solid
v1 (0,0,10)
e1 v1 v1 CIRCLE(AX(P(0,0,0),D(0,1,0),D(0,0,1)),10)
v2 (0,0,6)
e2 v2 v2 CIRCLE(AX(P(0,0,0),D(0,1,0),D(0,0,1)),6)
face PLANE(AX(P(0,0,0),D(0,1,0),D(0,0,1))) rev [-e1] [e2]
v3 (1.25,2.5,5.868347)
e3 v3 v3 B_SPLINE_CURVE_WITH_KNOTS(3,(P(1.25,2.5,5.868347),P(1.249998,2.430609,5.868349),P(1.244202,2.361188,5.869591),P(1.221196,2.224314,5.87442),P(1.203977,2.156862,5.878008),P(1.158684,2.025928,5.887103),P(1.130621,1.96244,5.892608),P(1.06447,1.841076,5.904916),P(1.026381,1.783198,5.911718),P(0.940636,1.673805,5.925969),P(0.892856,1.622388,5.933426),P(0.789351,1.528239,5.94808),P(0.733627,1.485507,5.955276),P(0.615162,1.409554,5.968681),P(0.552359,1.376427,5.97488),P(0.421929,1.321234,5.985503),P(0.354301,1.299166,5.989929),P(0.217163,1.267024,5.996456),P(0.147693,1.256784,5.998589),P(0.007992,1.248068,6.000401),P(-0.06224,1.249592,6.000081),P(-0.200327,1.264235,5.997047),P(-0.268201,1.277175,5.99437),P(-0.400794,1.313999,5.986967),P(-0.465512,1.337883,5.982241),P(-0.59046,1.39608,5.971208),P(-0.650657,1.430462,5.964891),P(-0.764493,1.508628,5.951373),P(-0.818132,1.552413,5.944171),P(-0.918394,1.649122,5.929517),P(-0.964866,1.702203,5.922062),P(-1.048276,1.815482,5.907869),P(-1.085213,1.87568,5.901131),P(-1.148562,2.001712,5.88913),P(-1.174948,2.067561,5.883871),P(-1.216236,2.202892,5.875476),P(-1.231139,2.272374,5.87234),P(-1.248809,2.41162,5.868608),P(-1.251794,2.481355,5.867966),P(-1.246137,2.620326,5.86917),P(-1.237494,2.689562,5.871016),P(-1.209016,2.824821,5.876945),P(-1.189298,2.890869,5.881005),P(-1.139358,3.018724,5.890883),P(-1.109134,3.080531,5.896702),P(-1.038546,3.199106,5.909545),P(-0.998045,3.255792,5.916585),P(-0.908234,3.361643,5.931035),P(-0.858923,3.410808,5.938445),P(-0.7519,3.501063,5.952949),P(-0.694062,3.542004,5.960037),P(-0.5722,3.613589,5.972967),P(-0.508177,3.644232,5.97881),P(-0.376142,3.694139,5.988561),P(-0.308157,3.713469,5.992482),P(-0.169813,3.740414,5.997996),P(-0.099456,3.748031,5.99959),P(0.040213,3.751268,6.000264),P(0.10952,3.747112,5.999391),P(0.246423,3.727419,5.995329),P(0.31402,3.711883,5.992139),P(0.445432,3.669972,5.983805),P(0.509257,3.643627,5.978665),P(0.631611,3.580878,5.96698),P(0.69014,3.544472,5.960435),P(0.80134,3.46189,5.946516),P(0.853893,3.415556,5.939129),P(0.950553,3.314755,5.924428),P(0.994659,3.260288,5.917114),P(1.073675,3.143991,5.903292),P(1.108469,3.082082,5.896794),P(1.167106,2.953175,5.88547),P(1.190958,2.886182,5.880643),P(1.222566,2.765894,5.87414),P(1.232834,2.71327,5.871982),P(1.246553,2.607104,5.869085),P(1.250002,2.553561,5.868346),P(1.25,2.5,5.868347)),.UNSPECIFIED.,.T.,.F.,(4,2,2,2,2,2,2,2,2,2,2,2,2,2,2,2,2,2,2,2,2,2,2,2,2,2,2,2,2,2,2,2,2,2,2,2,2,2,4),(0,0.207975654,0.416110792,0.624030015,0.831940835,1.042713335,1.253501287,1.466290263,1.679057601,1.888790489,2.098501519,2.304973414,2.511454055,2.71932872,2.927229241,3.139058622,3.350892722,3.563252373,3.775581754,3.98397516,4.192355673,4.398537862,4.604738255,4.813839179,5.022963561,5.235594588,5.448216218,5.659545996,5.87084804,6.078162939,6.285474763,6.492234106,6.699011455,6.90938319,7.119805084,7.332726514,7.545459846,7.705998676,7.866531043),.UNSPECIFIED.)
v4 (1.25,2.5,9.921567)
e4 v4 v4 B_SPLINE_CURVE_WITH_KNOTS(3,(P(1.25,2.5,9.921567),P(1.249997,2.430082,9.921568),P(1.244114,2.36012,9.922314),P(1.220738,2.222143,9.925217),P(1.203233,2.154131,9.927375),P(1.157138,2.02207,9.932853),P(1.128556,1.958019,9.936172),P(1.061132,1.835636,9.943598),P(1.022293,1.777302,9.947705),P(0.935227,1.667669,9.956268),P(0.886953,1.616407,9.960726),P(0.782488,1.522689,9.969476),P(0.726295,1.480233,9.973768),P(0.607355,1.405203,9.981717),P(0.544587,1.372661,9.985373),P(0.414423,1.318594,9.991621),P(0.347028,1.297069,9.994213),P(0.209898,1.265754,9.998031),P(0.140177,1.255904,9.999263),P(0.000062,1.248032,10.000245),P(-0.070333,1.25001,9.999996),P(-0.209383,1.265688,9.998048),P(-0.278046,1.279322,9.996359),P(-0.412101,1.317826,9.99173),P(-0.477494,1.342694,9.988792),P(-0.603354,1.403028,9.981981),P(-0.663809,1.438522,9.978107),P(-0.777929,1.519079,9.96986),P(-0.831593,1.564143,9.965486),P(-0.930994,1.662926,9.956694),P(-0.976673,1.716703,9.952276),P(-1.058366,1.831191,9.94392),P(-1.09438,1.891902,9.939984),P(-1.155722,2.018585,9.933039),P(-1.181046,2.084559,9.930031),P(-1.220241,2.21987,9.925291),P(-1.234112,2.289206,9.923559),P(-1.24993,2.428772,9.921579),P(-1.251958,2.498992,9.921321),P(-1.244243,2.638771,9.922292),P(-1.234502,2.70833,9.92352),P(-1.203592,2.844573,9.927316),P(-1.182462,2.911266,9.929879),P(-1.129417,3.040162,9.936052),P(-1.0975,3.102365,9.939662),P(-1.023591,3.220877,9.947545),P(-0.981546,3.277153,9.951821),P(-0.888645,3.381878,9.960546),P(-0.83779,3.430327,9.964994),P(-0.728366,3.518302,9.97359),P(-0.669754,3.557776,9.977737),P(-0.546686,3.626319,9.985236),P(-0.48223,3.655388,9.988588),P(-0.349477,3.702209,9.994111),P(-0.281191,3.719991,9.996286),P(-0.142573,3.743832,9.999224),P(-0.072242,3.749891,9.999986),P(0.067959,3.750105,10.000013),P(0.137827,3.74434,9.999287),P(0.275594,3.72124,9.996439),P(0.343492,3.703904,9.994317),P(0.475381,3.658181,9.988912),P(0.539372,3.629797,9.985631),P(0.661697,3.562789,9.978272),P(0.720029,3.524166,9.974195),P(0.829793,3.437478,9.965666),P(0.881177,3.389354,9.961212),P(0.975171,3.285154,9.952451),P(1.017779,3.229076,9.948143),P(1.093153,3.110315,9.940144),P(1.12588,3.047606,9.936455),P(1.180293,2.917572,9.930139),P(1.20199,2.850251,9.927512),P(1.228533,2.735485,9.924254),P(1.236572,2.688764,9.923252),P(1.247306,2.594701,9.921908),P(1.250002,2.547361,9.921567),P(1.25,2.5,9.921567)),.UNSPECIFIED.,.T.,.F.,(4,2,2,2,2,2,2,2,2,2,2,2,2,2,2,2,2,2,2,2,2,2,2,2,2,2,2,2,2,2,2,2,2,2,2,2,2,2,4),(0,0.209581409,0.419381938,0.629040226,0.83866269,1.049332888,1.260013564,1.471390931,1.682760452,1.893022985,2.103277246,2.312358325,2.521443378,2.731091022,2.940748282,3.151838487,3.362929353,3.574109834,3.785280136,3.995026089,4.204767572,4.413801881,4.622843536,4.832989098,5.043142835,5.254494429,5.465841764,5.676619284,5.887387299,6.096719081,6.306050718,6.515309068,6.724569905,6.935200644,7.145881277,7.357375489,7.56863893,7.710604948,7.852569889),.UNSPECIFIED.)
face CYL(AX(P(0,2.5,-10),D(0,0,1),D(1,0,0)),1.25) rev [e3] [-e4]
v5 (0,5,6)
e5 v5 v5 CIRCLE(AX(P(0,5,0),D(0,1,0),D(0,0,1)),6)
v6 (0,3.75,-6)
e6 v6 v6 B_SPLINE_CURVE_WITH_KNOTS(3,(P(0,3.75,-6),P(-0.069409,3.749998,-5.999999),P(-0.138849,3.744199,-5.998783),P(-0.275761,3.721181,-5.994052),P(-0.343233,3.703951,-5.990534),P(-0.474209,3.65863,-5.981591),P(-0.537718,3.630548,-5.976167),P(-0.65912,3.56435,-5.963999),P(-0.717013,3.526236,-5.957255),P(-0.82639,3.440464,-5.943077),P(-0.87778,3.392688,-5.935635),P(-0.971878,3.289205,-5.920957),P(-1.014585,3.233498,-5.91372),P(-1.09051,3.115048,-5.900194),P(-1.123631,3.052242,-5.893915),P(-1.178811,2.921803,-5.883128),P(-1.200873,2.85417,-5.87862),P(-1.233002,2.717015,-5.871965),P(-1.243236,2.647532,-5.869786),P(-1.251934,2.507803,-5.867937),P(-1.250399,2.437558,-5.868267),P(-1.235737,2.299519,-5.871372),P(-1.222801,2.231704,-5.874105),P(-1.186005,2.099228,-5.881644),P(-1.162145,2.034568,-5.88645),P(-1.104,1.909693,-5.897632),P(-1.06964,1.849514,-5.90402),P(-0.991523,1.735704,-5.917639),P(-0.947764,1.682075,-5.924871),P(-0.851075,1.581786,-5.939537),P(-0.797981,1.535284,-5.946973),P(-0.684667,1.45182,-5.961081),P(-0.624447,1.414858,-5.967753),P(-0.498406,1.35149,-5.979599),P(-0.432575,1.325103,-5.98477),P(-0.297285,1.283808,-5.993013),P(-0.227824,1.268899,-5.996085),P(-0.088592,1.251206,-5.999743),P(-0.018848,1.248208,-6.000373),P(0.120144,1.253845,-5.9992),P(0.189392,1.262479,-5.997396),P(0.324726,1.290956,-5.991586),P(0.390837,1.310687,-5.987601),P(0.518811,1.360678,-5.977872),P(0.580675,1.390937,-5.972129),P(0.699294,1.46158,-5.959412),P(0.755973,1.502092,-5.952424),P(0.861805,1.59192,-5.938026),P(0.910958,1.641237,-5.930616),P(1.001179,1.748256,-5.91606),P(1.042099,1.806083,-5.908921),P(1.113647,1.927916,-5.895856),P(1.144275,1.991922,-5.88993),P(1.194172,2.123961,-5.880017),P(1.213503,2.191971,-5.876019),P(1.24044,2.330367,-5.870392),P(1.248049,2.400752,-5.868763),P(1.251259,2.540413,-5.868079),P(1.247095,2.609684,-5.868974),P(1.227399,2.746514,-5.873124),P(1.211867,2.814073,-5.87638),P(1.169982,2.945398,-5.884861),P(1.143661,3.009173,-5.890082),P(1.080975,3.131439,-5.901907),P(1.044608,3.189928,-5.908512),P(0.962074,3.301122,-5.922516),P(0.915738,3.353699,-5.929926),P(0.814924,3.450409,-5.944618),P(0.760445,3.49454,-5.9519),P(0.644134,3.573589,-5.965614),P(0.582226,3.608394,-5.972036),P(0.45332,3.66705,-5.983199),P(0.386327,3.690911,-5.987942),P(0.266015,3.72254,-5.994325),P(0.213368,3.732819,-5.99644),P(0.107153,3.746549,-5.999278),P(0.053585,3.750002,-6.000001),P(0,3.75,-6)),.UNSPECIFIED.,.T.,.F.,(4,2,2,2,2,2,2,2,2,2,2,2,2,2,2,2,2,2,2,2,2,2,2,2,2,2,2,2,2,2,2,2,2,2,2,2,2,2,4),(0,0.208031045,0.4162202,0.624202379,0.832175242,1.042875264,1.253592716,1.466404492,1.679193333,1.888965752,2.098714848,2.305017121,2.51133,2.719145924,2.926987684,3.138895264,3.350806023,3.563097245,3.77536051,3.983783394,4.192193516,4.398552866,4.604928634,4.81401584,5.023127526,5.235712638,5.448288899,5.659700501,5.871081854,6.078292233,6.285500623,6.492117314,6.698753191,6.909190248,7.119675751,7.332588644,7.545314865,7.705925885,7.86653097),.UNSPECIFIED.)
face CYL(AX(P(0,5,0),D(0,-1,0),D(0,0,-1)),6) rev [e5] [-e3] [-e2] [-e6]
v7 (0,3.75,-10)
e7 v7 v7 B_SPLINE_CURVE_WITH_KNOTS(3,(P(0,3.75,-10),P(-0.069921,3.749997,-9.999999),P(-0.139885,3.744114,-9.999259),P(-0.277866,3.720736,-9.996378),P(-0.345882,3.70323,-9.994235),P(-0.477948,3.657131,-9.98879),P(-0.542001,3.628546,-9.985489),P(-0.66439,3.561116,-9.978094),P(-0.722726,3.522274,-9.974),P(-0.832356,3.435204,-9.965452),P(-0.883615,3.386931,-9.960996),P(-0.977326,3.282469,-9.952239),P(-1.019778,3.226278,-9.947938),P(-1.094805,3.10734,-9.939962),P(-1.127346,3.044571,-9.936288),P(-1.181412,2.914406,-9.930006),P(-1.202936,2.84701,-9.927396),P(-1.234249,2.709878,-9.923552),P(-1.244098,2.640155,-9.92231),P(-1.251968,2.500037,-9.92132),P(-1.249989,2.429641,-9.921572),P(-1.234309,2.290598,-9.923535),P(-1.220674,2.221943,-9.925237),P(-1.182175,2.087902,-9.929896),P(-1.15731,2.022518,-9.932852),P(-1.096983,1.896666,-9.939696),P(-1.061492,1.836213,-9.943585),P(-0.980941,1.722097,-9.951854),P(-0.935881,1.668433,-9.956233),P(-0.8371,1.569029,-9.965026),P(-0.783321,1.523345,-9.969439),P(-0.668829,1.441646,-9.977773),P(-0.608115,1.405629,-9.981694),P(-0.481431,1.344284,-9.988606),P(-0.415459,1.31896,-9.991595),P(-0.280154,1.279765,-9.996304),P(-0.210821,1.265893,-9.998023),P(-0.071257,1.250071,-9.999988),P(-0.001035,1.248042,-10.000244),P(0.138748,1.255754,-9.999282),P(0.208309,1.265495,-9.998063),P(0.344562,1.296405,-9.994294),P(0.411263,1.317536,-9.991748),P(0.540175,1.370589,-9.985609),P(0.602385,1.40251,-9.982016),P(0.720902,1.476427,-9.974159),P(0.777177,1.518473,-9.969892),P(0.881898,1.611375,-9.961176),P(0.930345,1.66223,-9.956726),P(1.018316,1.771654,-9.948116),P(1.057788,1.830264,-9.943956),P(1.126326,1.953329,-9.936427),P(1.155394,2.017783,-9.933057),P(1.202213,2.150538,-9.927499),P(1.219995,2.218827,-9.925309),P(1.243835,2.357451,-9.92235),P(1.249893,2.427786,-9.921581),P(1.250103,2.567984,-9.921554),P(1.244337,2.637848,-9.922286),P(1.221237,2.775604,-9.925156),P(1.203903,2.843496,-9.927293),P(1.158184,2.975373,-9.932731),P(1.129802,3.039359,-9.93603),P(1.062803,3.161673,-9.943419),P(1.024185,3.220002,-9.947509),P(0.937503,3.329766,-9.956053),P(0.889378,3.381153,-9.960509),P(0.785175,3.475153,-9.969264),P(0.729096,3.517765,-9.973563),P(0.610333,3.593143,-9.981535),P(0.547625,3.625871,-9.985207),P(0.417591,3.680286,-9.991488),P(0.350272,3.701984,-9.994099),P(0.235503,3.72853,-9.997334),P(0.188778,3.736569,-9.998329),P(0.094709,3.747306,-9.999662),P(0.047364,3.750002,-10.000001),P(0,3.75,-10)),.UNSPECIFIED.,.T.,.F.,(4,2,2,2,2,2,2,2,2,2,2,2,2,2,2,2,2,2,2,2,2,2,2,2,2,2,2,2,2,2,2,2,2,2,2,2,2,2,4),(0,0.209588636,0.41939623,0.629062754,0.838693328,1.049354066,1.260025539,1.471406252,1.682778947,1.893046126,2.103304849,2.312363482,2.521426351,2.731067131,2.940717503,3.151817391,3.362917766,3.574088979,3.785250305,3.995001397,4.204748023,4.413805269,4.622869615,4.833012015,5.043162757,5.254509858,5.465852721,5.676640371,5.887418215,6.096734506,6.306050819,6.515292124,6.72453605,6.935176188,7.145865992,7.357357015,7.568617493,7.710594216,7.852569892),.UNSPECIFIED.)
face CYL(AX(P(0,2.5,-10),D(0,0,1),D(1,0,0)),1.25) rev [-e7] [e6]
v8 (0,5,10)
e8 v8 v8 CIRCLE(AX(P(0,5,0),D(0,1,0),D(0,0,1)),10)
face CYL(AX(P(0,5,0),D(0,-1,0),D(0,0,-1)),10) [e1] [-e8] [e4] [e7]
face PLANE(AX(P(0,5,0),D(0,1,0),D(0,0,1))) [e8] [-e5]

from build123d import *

# Parameters (mm, degrees)
SKETCH1_R               = 10
SKETCH1_R_2             = 6
BOSS_EXTRUDE1_DEPTH     = 5
CUT_EXTRUDE1_DEPTH      = 16
CUT_EXTRUDE1_DEPTH_BACK = 16
SKETCH2_R               = 1.25


with BuildPart() as part:
    # Sketch1 → Boss-Extrude1 (new body)
    with BuildSketch(Plane(origin=(0, 0, 0), x_dir=(1, 0, 0), z_dir=(0, 1, 0))):
        with Locations(Location((0, 0, 0), (0, 0, 270))):
            Circle(SKETCH1_R)
        with Locations(Location((0, 0, 0), (0, 0, 270))):
            Circle(SKETCH1_R_2, mode=Mode.SUBTRACT)
    extrude(amount=BOSS_EXTRUDE1_DEPTH)

    # Sketch2 → Cut-Extrude1 (cut, two sides: drawn at the far end of the back side and taken through both)
    with BuildSketch(Plane.XY.offset(-CUT_EXTRUDE1_DEPTH_BACK)):
        with Locations((0, 2.5)):
            Circle(SKETCH2_R)
    extrude(amount=CUT_EXTRUDE1_DEPTH + CUT_EXTRUDE1_DEPTH_BACK, mode=Mode.SUBTRACT)


solid = part.part
